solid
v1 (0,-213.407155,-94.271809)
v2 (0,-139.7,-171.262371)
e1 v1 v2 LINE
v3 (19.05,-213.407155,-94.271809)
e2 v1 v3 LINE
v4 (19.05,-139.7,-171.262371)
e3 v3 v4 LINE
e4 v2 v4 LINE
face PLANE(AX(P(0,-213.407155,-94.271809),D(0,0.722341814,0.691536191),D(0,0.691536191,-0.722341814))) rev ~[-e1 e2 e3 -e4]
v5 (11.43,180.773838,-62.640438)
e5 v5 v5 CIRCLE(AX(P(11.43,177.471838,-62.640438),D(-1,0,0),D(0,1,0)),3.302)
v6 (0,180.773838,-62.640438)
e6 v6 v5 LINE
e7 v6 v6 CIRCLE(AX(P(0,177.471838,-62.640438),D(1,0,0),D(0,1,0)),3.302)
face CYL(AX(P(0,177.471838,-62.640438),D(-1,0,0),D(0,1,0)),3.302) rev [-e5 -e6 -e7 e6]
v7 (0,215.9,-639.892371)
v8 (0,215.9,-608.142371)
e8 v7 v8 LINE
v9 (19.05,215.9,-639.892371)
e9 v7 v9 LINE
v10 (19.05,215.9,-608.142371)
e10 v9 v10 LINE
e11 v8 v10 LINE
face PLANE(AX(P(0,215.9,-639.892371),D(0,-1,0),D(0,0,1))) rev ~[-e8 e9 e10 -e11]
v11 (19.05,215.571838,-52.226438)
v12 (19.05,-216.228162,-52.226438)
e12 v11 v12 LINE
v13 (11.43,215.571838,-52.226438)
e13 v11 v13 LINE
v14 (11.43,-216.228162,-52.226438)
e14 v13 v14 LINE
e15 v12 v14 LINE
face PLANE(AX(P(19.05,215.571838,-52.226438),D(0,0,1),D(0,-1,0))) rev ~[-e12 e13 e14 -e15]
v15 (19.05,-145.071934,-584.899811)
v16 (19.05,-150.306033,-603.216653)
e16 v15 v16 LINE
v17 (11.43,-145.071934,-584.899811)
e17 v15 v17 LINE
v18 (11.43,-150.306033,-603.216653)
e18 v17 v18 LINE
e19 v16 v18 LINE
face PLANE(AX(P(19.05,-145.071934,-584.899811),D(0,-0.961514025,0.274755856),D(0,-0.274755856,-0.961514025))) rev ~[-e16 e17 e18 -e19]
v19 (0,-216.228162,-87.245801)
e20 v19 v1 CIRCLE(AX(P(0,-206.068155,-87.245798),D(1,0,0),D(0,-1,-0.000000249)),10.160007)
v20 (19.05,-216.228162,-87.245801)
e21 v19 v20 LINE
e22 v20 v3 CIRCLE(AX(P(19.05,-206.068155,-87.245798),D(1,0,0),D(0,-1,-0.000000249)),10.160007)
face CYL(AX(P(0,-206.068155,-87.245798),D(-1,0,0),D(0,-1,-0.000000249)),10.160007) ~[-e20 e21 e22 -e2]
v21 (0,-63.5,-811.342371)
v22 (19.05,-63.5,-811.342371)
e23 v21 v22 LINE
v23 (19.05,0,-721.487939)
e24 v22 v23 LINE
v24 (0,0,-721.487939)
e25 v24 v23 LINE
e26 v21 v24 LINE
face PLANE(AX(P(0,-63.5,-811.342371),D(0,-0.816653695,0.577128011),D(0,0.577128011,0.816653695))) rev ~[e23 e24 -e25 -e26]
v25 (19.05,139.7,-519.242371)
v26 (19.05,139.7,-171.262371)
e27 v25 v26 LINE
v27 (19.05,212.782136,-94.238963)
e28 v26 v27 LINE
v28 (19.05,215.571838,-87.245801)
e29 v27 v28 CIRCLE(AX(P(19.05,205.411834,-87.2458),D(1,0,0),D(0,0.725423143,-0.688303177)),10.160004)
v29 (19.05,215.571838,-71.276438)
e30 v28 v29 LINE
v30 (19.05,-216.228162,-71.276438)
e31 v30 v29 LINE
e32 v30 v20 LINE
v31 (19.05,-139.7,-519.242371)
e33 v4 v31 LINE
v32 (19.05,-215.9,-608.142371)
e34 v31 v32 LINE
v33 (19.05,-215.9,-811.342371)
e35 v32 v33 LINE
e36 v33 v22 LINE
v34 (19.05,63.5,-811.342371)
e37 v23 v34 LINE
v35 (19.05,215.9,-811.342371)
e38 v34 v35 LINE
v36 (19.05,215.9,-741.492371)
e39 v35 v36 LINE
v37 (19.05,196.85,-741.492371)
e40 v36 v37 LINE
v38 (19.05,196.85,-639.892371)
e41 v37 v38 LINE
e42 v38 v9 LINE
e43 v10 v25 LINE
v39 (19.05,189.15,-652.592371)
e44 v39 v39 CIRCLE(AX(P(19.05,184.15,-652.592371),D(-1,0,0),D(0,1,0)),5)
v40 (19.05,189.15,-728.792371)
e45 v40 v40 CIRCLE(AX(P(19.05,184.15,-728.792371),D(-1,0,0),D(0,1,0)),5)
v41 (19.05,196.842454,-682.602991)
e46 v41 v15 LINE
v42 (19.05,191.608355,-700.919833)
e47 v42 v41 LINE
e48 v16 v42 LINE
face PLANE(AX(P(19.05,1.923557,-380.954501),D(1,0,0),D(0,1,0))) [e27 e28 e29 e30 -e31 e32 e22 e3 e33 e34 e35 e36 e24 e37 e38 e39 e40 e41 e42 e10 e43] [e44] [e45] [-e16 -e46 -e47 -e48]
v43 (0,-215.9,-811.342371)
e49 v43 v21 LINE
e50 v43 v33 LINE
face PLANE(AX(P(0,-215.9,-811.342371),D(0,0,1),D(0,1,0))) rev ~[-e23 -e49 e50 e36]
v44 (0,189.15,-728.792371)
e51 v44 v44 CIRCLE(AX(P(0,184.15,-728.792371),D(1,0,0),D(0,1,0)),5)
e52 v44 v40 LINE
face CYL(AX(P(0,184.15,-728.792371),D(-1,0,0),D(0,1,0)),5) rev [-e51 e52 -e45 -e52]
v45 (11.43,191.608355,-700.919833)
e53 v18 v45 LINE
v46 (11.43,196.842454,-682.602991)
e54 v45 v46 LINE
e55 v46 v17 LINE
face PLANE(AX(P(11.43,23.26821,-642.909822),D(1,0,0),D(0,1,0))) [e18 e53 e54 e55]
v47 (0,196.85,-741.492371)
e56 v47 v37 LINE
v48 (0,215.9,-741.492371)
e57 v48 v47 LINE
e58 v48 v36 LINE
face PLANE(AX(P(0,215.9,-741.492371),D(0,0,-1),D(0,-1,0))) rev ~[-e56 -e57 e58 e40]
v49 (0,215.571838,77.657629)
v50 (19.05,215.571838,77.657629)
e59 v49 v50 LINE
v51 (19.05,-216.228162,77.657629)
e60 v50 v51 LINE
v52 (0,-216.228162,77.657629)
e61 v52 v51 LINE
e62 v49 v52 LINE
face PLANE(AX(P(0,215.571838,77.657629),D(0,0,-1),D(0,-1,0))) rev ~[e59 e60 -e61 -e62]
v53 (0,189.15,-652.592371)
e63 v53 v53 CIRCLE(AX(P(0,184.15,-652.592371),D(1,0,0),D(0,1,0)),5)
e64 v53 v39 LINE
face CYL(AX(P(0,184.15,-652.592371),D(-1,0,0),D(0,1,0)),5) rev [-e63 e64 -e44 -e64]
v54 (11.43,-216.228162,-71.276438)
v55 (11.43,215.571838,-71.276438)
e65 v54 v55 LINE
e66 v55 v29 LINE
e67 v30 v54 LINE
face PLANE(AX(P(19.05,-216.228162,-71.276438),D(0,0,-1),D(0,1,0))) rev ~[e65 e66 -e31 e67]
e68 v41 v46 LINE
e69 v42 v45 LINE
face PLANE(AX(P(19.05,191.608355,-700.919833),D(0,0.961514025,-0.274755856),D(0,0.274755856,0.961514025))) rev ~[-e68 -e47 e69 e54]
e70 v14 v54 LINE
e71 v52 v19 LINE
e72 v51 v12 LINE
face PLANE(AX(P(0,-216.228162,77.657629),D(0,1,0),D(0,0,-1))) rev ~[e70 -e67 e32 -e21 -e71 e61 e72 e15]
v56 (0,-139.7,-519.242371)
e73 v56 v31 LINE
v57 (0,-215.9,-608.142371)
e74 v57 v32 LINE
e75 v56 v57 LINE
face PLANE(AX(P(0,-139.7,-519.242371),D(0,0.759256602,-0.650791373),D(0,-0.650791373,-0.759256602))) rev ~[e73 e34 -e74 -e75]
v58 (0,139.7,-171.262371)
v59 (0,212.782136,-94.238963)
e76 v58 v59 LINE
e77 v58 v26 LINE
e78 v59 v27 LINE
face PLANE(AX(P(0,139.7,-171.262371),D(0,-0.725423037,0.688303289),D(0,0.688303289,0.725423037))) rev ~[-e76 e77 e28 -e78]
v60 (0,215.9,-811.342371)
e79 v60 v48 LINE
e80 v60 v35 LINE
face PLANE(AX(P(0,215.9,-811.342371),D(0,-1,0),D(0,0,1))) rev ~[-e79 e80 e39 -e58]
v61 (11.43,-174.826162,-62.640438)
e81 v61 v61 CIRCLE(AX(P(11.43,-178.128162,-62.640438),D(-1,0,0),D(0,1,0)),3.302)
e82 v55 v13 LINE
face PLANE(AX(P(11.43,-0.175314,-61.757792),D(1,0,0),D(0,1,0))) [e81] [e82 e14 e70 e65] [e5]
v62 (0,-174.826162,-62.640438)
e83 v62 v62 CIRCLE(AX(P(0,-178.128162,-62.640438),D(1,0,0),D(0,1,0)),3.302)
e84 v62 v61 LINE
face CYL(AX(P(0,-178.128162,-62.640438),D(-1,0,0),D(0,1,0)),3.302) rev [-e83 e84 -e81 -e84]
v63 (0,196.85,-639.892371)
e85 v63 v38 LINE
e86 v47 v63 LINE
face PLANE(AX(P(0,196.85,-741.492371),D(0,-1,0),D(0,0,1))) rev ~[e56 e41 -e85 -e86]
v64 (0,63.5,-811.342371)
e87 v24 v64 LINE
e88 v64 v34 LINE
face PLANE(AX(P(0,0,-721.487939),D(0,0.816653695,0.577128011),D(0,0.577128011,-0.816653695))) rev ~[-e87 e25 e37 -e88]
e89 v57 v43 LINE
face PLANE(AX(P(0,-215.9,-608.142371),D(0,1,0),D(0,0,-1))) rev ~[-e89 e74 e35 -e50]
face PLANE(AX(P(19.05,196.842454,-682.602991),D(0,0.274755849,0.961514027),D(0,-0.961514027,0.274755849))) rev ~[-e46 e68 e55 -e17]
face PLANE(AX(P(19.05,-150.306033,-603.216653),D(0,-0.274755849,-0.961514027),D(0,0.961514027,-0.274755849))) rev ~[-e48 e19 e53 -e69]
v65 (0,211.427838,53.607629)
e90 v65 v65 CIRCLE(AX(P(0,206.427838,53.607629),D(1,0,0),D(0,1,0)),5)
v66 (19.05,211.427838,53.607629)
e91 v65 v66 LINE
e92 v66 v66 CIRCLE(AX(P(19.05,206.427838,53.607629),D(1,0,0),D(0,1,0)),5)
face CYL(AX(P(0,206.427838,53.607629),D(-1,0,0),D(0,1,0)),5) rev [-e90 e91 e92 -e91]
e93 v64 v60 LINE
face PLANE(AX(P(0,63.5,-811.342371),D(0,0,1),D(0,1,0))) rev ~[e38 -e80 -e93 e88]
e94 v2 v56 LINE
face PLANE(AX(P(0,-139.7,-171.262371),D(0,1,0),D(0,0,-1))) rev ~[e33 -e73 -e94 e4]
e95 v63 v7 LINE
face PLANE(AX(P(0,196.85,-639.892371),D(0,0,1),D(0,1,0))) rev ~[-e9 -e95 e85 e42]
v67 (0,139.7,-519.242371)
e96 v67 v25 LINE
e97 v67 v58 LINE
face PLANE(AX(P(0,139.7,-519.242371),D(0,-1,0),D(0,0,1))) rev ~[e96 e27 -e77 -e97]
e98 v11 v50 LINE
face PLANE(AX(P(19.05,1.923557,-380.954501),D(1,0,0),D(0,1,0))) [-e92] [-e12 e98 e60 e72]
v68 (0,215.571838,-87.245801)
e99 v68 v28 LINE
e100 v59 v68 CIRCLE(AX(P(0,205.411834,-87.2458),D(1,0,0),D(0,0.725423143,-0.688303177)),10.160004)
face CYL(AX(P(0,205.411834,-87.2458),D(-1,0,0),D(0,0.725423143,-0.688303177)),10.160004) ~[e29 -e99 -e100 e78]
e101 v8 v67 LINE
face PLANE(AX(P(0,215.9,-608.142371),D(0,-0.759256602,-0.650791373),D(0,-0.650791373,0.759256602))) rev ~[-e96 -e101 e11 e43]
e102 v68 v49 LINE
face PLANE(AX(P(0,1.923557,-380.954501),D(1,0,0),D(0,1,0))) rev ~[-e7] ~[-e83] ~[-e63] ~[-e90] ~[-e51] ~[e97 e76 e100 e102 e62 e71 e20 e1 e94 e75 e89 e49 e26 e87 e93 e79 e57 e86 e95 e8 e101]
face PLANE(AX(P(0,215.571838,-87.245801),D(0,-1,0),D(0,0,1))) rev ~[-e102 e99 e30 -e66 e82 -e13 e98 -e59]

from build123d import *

# Parameters (mm, degrees)
F1_DEPTH = 19.05
F3_DEPTH = 7.62
F5_DEPTH = 7.62
F6_R     = 3.302
F6_R_2   = 5
F7_DEPTH = 19.05
F8_R     = 5
F9_DEPTH = 25.4


with BuildPart() as f1:
    # F0 (on Right) → F1 (new body)
    with BuildSketch(Plane.YZ):
        with BuildLine():
            Line((215.571838, -87.245801), (215.571838, 77.657629))
            Line((215.571838, 77.657629), (-216.228162, 77.657629))
            Line((-216.228162, 77.657629), (-216.228162, -87.245801))
            ThreePointArc((-216.228162, -87.245801), (-215.49657, -91.031394), (-213.407155, -94.271809))
            Line((-213.407155, -94.271809), (-139.7, -171.262371))
            Line((-139.7, -171.262371), (-139.7, -519.242371))
            Line((-139.7, -519.242371), (-215.9, -608.142371))
            Line((-215.9, -608.142371), (-215.9, -811.342371))
            Line((-215.9, -811.342371), (-63.5, -811.342371))
            Line((-63.5, -811.342371), (0, -721.487939))
            Line((0, -721.487939), (63.5, -811.342371))
            Line((63.5, -811.342371), (215.9, -811.342371))
            Line((215.9, -811.342371), (215.9, -741.492371))
            Line((215.9, -741.492371), (196.85, -741.492371))
            Line((196.85, -741.492371), (196.85, -639.892371))
            Line((196.85, -639.892371), (215.9, -639.892371))
            Line((215.9, -639.892371), (215.9, -608.142371))
            Line((215.9, -608.142371), (139.7, -519.242371))
            Line((139.7, -519.242371), (139.7, -171.262371))
            Line((139.7, -171.262371), (212.782136, -94.238963))
            ThreePointArc((212.782136, -94.238963), (214.848676, -91.010331), (215.571838, -87.245801))
        make_face()
    extrude(amount=F1_DEPTH)

    # F2 (on face) → F3 (cut)
    with BuildSketch(Plane.YZ.offset(19.05)):
        Polygon((191.608355, -700.919833), (196.842454, -682.602991), (-145.071934, -584.899811), (-150.306033, -603.216653), align=None)
    extrude(amount=-F3_DEPTH, mode=Mode.SUBTRACT)

    # F4 (on face) → F5 (cut)
    with BuildSketch(Plane.YZ.offset(19.05)):
        Polygon((-216.228162, -71.276438), (216.173725, -71.276438), (215.571838, -52.226438), (-216.228162, -52.226438), align=None)
    extrude(amount=-F5_DEPTH, mode=Mode.SUBTRACT)

    # F6 (on face) → F7 (cut)
    with BuildSketch(Plane.YZ):
        with Locations((-178.128162, -62.640438)):
            Circle(F6_R)
        with Locations((177.471838, -62.640438)):
            Circle(F6_R)
        with Locations((206.427838, 53.607629)):
            Circle(F6_R_2)
    extrude(amount=F7_DEPTH, mode=Mode.SUBTRACT)

    # F8 (on face) → F9 (cut)
    with BuildSketch(Plane.YZ):
        with Locations((184.15, -728.792371)):
            Circle(F8_R)
        with Locations((184.15, -652.592371)):
            Circle(F8_R)
    extrude(amount=F9_DEPTH, mode=Mode.SUBTRACT)


solid = f1.part
